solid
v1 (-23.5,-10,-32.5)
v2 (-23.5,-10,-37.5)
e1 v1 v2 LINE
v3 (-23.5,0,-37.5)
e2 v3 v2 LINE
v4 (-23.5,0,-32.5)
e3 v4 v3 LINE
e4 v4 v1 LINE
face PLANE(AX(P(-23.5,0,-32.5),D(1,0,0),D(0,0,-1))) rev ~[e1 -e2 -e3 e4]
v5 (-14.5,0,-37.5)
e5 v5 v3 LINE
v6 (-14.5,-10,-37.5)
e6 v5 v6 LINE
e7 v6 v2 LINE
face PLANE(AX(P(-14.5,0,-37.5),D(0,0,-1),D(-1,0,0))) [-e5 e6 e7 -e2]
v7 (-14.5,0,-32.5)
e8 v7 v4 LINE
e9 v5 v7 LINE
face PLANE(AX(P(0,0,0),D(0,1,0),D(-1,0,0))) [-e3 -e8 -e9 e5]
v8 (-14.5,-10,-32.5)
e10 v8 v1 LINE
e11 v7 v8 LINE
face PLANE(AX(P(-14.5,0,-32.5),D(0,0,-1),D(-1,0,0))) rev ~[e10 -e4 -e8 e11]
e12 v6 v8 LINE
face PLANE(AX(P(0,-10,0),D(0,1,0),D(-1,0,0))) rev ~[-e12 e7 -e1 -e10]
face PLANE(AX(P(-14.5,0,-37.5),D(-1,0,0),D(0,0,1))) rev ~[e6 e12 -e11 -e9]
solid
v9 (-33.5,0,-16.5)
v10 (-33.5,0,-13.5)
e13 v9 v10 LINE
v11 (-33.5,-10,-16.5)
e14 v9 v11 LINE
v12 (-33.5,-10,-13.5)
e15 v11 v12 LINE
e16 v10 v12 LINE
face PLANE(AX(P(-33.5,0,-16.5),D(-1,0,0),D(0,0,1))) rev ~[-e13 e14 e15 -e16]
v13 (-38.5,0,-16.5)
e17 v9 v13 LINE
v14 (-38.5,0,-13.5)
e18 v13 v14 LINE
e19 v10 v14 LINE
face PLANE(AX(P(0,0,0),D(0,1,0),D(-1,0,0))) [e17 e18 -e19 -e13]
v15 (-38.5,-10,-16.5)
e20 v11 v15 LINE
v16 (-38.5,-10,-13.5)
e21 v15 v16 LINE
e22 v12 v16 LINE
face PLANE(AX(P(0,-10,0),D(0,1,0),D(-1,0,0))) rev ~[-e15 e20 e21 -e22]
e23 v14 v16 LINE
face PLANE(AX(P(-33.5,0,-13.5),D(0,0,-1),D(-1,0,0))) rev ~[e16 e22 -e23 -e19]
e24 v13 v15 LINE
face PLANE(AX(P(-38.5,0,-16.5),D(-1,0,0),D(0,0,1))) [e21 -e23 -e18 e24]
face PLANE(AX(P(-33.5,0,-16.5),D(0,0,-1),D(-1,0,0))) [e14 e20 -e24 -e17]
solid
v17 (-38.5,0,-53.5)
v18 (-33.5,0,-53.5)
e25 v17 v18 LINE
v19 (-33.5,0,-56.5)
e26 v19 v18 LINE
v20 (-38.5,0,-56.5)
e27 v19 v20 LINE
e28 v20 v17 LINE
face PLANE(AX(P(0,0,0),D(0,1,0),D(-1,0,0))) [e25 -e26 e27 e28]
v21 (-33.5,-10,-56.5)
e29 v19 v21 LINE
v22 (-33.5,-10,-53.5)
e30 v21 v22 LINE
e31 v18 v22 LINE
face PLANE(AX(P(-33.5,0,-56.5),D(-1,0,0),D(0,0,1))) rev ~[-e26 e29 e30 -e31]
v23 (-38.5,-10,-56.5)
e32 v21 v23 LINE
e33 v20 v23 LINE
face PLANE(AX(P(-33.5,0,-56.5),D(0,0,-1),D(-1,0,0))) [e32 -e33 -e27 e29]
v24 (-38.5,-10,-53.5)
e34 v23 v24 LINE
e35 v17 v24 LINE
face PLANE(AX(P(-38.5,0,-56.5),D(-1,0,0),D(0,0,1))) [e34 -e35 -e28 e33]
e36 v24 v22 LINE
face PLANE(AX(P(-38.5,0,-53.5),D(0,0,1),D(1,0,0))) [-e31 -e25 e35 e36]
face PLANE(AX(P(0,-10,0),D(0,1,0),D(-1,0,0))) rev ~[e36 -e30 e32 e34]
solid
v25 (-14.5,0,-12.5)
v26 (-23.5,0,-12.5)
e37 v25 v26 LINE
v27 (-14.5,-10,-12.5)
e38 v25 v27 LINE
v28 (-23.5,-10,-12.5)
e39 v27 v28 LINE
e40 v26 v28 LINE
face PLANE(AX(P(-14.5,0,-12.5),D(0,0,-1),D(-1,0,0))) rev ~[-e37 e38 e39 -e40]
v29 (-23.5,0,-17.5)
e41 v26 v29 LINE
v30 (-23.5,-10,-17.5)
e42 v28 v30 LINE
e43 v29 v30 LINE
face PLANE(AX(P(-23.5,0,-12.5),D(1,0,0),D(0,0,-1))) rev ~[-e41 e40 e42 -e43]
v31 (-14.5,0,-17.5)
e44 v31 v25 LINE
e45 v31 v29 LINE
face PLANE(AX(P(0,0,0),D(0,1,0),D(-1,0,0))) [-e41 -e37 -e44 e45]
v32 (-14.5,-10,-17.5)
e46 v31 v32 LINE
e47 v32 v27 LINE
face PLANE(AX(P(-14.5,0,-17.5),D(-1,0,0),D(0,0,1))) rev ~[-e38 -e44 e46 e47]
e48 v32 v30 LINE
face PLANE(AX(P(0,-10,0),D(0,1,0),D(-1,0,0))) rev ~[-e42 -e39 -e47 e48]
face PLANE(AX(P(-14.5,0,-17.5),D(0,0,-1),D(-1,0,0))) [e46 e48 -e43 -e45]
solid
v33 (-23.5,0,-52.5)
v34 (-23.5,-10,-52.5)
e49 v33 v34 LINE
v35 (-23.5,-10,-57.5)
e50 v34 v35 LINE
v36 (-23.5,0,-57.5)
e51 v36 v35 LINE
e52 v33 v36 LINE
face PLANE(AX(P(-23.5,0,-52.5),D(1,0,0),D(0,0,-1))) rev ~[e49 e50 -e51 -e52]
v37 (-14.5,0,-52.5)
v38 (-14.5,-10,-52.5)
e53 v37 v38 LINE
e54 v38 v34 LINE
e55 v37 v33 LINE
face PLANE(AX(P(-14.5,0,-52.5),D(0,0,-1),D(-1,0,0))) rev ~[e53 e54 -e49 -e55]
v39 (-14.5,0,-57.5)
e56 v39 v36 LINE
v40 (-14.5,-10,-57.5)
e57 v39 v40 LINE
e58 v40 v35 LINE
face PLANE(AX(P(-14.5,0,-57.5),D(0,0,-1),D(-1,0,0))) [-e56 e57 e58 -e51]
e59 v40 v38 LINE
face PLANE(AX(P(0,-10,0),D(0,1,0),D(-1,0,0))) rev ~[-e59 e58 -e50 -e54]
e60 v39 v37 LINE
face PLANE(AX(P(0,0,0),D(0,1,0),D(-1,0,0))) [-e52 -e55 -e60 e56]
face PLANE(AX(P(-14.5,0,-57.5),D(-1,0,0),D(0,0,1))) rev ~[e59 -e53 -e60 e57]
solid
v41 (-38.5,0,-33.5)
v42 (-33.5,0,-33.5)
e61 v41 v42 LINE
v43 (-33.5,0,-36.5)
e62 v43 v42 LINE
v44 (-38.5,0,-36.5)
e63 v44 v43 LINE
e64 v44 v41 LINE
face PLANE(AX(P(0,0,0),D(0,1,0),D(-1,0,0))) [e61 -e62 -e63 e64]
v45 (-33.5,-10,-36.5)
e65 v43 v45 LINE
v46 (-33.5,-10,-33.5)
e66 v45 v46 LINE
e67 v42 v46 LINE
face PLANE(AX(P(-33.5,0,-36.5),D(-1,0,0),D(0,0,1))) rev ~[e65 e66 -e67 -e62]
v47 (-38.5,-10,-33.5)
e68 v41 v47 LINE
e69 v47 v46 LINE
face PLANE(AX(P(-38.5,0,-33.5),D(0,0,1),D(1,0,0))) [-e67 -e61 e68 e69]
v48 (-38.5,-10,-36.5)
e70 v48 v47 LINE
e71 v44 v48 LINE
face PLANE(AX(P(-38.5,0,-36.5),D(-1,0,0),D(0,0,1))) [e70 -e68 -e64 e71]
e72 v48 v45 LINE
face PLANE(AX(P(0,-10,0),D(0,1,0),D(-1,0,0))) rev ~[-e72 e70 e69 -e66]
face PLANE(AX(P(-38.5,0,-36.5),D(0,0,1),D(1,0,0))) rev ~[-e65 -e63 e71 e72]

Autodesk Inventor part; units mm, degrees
ref_plane "YZ Plane" through (0, 0, 0) normal (1, 0, 0) x (0, 1, 0)
ref_plane "XZ Plane" through (0, 0, 0) normal (0, 1, 0) x (-1, 0, 0)
ref_plane "XY Plane" through (0, 0, 0) normal (0, 0, 1) x (1, 0, 0)
sketch "Sketch1" plane through (0, 0, 0) normal (0, 1, 0) x (-1, 0, 0)
  line L0 (100, 0) -> (0, 0)
  line L1 (0, 0) -> (0, -80)
  line L2 (0, -80) -> (100, -80)
  line L3 (100, -80) -> (100, 0)
  line L4 (95, -5) -> (68, -5)
  line L5 (5, -5) -> (5, -75)
  line L6 (5, -75) -> (95, -75)
  line L7 (95, -75) -> (95, -5)
  line L8 (33.5, -10) -> (23.5, -10)
  line L9 (23.5, -10) -> (23.5, -20)
  line L10 (23.5, -20) -> (33.5, -20)
  line L11 (95, -65) -> (95, -5)
  line L12 (23.5, -50) -> (23.5, -60)
  line L13 (23.5, -60) -> (33.5, -60)
  line L14 (33.5, -50) -> (23.5, -50)
  line L15 (95, -5) -> (90, -5)
  line L16 (90, -5) -> (90, -10)
  line L17 (90, -10) -> (95, -10)
  line L18 (95, -10) -> (95, -5)
  line L19 (95, -75) -> (90, -75)
  line L20 (90, -75) -> (90, -70)
  line L21 (90, -70) -> (95, -70)
  line L22 (95, -70) -> (95, -75)
  line L23 (5, -5) -> (10, -5)
  line L24 (10, -5) -> (10, -10)
  line L25 (10, -10) -> (5, -10)
  line L26 (5, -10) -> (5, -5)
  line L27 (5, -75) -> (10, -75)
  line L28 (10, -75) -> (10, -70)
  line L29 (10, -70) -> (5, -70)
  line L30 (5, -70) -> (5, -75)
  line L31 (95, -5) -> (68, -5)
  line L32 (14.5, -63) -> (14.5, -5)
  line L33 (38.5, -63) -> (14.5, -63)
  line L34 (14.5, -5) -> (5, -5)
  line L35 (23.5, -40) -> (33.5, -40)
  line L36 (23.5, -30) -> (23.5, -40)
  line L37 (33.5, -30) -> (23.5, -30)
  line L38 (33.5, -60) -> (33.5, -56.5)
  line L39 (33.5, -53.5) -> (33.5, -50)
  line L40 (38.5, -56.5) -> (38.5, -63)
  line L41 (33.5, -56.5) -> (38.5, -56.5)
  line L42 (38.5, -53.5) -> (33.5, -53.5)
  line L43 (33.5, -40) -> (33.5, -36.5)
  line L44 (33.5, -33.5) -> (33.5, -30)
  line L45 (38.5, -36.5) -> (38.5, -53.5)
  line L46 (33.5, -20) -> (33.5, -16.5)
  line L47 (33.5, -13.5) -> (33.5, -10)
  line L48 (38.5, -5) -> (38.5, -13.5)
  line L49 (38.5, -16.5) -> (38.5, -33.5)
  line L50 (38.5, -36.5) -> (33.5, -36.5)
  line L51 (38.5, -33.5) -> (33.5, -33.5)
  line L52 (33.5, -16.5) -> (38.5, -16.5)
  line L53 (33.5, -13.5) -> (38.5, -13.5)
  line L54 (33.5, -56.5) -> (33.5, -53.5)
  line L55 (38.5, -56.5) -> (38.5, -53.5)
  line L56 (38.5, -36.5) -> (38.5, -33.5)
  line L57 (33.5, -36.5) -> (33.5, -33.5)
  line L58 (33.5, -16.5) -> (33.5, -13.5)
  line L59 (38.5, -16.5) -> (38.5, -13.5)
  line L60 (14.5, -57.5) -> (23.5, -57.5)
  line L61 (14.5, -52.5) -> (23.5, -52.5)
  line L62 (14.5, -37.5) -> (23.5, -37.5)
  line L63 (14.5, -32.5) -> (23.5, -32.5)
  line L64 (14.5, -17.5) -> (23.5, -17.5)
  line L65 (14.5, -12.5) -> (23.5, -12.5)
  line L66 (40, -5) -> (40, -63)
  line L67 (68, -5) -> (43, -5)
  line L68 (40, -5) -> (38.5, -5)
  line L69 (37, -75) -> (37, -72)
  line L70 (40, -5) -> (43, -5)
  line L71 (13, -5) -> (13, -72)
  line L72 (13, -72) -> (14.5, -72)
  line L73 (14.5, -72) -> (14.5, -75)
  line L74 (2.5002, -77.5) -> (2.5002, -2.5)
  line L75 (2.5002, -2.5) -> (97.5, -2.5)
  line L76 (97.5, -2.5) -> (97.5, -77.5)
  line L77 (97.5, -77.5) -> (2.5002, -77.5)
  line L78 (40, -63) -> (43, -63)
  line L79 (43, -75) -> (43, -72)
  line L80 (43, -63) -> (43, -5)
  line L81 (43, -72) -> (37, -72)
  line L82 (13.5, -5) -> (13.5, -65)
  line L83 (13.5, -65) -> (43.5, -65)
  line L84 (43.5, -65) -> (43.5, -5)
  line L85 (14.5, -5) -> (38.5, -5)
  line L86 (10, -75) -> (10, -5)
  dimension "d0" = 5
  dimension "d1" = 5
  dimension "d2" = 5
  dimension "d4" = 10
  dimension "d5" = 10
  dimension "d6" = 10
  dimension "d7" = 10
  dimension "d8" = 70
  dimension "d9" = 5
  dimension "d10" = 5
  dimension "d11" = 5
  dimension "d12" = 5
  dimension "d13" = 5
  dimension "d14" = 5
  dimension "d15" = 5
  dimension "d16" = 5
  dimension "d19" = 90
  dimension "d20" = 9.5
  dimension "d21" = 3
  dimension "d22" = 10
  dimension "d23" = 80
  dimension "d24" = 10
  dimension "d25" = 10
  dimension "d26" = 10
  dimension "d27" = 10
  dimension "d30" = 6.5
  dimension "d47" = 17
  dimension "d54" = 5
  dimension "d55" = 2.5
  dimension "d56" = 5
  dimension "d57" = 2.5
  dimension "d58" = 5
  dimension "d59" = 2.5
  dimension "d60" = 1.5
  dimension "d61" = 9
  dimension "d62" = 58
  dimension "d63" = 1.5
  dimension "d65" = 3
  dimension "d67" = 2.5002
  dimension "d68" = 2.5
  dimension "d69" = 2.5
  dimension "d70" = 2.5
  dimension "d71" = 3
  dimension "d72" = 6
  dimension "d73" = 3
  dimension "d74" = 2.5
  dimension "d75" = 24
  dimension "d76" = 3
  dimension "d77" = 3
  dimension "d78" = 3
  dimension "d79" = 17
  dimension "d88" = 10
  dimension "d90" = 10
  dimension "d91" = 5
extrude "Extrusion5" [suppressed]
extrude "Extrusion6" [suppressed]
extrude "Extrusion7" add sketch "Sketch1" against normal blind 10 contours L59 L52 L58 L53 | L65 L9 L64 L32 | L56 L50 L57 L51 | L63 L36 L62 L32 | L55 L41 L54 L42 | L61 L12 L60 L32
properties part number "Top"
